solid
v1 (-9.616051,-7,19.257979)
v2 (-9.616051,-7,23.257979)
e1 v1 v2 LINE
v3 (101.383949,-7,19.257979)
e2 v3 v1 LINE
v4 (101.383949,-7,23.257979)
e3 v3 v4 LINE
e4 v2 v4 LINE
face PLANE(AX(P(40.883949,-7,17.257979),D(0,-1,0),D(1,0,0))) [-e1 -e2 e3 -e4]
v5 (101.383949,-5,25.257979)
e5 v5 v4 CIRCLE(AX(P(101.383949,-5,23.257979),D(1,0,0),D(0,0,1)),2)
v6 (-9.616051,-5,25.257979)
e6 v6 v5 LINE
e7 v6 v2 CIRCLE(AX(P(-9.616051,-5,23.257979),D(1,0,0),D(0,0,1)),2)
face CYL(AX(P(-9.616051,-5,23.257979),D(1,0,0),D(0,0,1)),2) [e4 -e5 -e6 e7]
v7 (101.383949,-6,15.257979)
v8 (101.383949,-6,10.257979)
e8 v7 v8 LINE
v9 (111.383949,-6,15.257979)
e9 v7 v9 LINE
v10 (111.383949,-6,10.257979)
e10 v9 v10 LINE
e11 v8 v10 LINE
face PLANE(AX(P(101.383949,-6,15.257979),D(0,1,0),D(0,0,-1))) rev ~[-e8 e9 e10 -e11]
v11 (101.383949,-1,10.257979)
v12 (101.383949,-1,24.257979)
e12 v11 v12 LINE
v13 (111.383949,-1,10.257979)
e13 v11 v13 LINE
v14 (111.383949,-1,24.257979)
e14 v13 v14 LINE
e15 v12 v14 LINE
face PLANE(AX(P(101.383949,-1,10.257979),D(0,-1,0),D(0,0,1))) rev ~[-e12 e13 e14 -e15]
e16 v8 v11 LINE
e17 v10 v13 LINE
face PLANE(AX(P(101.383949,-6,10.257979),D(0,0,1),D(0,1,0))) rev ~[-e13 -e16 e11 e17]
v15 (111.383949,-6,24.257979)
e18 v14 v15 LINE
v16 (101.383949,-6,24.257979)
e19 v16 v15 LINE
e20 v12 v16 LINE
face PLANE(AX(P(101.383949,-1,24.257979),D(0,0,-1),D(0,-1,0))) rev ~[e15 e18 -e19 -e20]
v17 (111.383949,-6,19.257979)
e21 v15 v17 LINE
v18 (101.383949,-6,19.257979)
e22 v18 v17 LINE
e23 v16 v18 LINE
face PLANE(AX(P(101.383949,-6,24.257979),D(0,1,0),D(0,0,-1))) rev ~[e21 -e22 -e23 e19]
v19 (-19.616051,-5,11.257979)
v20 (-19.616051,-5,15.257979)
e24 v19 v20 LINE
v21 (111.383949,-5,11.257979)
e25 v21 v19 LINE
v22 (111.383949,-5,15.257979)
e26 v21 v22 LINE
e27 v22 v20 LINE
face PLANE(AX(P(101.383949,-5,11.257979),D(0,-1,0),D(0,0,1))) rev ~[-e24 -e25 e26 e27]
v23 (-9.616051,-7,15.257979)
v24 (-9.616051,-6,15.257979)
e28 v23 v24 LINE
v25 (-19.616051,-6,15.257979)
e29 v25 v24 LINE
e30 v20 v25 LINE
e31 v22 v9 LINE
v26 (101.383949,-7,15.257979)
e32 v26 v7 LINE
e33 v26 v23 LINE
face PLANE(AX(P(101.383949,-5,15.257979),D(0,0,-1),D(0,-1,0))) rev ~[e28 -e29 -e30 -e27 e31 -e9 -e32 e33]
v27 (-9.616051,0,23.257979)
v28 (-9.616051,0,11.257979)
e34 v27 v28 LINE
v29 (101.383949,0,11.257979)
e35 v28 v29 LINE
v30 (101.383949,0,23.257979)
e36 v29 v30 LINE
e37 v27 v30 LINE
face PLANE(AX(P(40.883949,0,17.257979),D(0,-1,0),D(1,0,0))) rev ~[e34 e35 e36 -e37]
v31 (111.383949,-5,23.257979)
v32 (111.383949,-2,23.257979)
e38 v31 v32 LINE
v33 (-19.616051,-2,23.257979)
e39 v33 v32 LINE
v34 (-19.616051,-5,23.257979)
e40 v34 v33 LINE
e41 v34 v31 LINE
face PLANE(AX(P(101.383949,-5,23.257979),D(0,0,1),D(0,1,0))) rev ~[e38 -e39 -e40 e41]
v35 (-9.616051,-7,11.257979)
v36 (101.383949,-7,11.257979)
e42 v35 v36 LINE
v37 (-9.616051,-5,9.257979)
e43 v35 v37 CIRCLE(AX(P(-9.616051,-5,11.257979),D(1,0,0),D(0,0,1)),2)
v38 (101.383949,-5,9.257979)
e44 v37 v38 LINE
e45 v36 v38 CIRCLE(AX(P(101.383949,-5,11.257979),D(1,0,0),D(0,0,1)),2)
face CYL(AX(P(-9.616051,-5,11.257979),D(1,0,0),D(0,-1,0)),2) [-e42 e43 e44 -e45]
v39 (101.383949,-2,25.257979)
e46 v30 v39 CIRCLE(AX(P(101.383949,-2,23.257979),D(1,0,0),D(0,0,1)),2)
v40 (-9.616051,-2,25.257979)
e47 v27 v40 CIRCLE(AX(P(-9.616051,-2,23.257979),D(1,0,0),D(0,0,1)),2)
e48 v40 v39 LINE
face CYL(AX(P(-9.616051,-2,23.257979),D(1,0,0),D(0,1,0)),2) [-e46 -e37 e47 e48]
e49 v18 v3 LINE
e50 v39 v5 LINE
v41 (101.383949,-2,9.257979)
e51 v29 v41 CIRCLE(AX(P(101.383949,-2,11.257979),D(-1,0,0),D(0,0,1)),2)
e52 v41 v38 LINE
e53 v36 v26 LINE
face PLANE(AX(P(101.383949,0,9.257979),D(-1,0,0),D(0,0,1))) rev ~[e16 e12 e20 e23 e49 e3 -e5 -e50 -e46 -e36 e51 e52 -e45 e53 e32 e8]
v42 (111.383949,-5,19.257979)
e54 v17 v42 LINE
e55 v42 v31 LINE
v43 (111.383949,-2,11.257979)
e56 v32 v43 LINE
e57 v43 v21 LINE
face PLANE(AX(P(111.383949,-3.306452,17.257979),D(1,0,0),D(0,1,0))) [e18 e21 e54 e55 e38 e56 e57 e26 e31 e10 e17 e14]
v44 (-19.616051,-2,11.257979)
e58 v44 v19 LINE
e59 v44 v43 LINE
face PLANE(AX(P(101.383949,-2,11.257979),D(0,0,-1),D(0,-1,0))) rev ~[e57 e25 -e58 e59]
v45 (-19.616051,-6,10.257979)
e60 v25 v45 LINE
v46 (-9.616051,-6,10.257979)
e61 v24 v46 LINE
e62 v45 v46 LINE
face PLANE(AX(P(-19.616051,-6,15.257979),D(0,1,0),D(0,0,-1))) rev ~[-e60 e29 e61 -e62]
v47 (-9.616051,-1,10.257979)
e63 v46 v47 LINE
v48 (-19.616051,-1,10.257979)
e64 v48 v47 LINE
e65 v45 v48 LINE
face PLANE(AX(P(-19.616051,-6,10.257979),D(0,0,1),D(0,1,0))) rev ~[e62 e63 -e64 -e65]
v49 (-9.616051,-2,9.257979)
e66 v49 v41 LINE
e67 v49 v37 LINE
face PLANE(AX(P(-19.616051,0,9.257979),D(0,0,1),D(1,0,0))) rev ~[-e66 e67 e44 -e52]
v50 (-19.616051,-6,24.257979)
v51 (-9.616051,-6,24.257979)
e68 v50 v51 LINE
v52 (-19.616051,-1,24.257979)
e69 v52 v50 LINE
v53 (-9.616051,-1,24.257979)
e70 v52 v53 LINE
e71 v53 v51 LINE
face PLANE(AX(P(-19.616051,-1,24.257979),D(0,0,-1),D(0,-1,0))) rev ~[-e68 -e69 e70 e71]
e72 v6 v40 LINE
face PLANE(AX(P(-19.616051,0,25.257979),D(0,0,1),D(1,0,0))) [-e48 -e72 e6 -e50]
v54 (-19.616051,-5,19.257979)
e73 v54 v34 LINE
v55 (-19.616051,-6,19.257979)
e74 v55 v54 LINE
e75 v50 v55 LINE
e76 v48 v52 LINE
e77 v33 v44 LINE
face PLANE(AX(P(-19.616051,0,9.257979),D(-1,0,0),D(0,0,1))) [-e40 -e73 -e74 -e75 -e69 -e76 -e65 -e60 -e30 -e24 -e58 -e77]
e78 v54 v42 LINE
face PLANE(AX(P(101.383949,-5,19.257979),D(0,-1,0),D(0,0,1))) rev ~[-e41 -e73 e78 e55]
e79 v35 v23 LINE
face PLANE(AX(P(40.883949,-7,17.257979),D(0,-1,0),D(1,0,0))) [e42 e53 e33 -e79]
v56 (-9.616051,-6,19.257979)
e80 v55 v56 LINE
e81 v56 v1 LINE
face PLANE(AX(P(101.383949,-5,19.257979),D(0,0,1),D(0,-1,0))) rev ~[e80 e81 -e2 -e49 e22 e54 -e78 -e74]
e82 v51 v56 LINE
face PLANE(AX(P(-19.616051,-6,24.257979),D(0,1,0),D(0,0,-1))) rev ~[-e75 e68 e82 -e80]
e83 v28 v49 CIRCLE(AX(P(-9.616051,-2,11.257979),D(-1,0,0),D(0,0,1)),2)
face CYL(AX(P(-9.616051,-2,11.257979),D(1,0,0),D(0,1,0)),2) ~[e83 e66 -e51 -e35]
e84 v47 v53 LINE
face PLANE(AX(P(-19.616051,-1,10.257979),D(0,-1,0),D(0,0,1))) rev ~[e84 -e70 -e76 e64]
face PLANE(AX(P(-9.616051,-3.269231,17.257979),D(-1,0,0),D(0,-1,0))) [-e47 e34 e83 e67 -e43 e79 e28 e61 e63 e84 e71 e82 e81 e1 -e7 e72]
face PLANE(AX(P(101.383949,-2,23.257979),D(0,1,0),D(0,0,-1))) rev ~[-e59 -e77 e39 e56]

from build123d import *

# Parameters (mm, degrees)
F0_W     = 121
F0_H     = 16
F1_DEPTH = 7
F3_DEPTH = 121.001
F5_DEPTH = 10
F7_DEPTH = 10
F8_R     = 2


with BuildPart() as f1:
    # F0 (on Front) → F1 (new body)
    with BuildSketch(Plane.XZ):
        with Locations((40.8839493543, 17.2579787597)):
            Rectangle(F0_W, F0_H)
    extrude(amount=F1_DEPTH)

    # F2 (on face) → F3 (cut, through all)
    with BuildSketch(Plane.YZ.offset(101.3839493543)):
        Polygon((-7, 19.2579787597), (-7, 15.2579787597), (-5, 15.2579787597), (-5, 11.2579787597), (-2, 11.2579787597), (-2, 23.2579787597), (-5, 23.2579787597), (-5, 19.2579787597), align=None)
    extrude(amount=-F3_DEPTH, mode=Mode.SUBTRACT)

    # F4 (on face) → F5 (join)
    with BuildSketch(Plane.YZ.offset(101.3839493543)):
        Polygon((-6, 15.2579787597), (-6, 10.2579787597), (-1, 10.2579787597), (-1, 24.2579787597), (-6, 24.2579787597), (-6, 19.2579787597), (-5, 19.2579787597), (-5, 23.2579787597), (-2, 23.2579787597), (-2, 11.2579787597), (-5, 11.2579787597), (-5, 15.2579787597), align=None)
    extrude(amount=F5_DEPTH)

    # F6 (on face) → F7 (cut)
    with BuildSketch(Plane(origin=(-19.6160506457, 0, 0), x_dir=(0, -1, 0), z_dir=(-1, 0, 0))):
        Polygon((1, 24.2579787597), (6, 24.2579787597), (6, 19.2579787597), (7, 19.2579787597), (7, 25.2579787597), (0, 25.2579787597), (0, 9.2579787597), (7, 9.2579787597), (7, 15.2579787597), (6, 15.2579787597), (6, 10.2579787597), (1, 10.2579787597), align=None)
    extrude(amount=-F7_DEPTH, mode=Mode.SUBTRACT)

    # F8
    f8_edges = [f1.edges().sort_by_distance(p)[0] for p in [
        (45.883949, -7, 25.257979),
        (45.883949, -7, 9.257979),
        (45.883949, 0, 25.257979),
        (45.883949, 0, 9.257979),
    ]]
    fillet(f8_edges, radius=F8_R)


solid = f1.part
